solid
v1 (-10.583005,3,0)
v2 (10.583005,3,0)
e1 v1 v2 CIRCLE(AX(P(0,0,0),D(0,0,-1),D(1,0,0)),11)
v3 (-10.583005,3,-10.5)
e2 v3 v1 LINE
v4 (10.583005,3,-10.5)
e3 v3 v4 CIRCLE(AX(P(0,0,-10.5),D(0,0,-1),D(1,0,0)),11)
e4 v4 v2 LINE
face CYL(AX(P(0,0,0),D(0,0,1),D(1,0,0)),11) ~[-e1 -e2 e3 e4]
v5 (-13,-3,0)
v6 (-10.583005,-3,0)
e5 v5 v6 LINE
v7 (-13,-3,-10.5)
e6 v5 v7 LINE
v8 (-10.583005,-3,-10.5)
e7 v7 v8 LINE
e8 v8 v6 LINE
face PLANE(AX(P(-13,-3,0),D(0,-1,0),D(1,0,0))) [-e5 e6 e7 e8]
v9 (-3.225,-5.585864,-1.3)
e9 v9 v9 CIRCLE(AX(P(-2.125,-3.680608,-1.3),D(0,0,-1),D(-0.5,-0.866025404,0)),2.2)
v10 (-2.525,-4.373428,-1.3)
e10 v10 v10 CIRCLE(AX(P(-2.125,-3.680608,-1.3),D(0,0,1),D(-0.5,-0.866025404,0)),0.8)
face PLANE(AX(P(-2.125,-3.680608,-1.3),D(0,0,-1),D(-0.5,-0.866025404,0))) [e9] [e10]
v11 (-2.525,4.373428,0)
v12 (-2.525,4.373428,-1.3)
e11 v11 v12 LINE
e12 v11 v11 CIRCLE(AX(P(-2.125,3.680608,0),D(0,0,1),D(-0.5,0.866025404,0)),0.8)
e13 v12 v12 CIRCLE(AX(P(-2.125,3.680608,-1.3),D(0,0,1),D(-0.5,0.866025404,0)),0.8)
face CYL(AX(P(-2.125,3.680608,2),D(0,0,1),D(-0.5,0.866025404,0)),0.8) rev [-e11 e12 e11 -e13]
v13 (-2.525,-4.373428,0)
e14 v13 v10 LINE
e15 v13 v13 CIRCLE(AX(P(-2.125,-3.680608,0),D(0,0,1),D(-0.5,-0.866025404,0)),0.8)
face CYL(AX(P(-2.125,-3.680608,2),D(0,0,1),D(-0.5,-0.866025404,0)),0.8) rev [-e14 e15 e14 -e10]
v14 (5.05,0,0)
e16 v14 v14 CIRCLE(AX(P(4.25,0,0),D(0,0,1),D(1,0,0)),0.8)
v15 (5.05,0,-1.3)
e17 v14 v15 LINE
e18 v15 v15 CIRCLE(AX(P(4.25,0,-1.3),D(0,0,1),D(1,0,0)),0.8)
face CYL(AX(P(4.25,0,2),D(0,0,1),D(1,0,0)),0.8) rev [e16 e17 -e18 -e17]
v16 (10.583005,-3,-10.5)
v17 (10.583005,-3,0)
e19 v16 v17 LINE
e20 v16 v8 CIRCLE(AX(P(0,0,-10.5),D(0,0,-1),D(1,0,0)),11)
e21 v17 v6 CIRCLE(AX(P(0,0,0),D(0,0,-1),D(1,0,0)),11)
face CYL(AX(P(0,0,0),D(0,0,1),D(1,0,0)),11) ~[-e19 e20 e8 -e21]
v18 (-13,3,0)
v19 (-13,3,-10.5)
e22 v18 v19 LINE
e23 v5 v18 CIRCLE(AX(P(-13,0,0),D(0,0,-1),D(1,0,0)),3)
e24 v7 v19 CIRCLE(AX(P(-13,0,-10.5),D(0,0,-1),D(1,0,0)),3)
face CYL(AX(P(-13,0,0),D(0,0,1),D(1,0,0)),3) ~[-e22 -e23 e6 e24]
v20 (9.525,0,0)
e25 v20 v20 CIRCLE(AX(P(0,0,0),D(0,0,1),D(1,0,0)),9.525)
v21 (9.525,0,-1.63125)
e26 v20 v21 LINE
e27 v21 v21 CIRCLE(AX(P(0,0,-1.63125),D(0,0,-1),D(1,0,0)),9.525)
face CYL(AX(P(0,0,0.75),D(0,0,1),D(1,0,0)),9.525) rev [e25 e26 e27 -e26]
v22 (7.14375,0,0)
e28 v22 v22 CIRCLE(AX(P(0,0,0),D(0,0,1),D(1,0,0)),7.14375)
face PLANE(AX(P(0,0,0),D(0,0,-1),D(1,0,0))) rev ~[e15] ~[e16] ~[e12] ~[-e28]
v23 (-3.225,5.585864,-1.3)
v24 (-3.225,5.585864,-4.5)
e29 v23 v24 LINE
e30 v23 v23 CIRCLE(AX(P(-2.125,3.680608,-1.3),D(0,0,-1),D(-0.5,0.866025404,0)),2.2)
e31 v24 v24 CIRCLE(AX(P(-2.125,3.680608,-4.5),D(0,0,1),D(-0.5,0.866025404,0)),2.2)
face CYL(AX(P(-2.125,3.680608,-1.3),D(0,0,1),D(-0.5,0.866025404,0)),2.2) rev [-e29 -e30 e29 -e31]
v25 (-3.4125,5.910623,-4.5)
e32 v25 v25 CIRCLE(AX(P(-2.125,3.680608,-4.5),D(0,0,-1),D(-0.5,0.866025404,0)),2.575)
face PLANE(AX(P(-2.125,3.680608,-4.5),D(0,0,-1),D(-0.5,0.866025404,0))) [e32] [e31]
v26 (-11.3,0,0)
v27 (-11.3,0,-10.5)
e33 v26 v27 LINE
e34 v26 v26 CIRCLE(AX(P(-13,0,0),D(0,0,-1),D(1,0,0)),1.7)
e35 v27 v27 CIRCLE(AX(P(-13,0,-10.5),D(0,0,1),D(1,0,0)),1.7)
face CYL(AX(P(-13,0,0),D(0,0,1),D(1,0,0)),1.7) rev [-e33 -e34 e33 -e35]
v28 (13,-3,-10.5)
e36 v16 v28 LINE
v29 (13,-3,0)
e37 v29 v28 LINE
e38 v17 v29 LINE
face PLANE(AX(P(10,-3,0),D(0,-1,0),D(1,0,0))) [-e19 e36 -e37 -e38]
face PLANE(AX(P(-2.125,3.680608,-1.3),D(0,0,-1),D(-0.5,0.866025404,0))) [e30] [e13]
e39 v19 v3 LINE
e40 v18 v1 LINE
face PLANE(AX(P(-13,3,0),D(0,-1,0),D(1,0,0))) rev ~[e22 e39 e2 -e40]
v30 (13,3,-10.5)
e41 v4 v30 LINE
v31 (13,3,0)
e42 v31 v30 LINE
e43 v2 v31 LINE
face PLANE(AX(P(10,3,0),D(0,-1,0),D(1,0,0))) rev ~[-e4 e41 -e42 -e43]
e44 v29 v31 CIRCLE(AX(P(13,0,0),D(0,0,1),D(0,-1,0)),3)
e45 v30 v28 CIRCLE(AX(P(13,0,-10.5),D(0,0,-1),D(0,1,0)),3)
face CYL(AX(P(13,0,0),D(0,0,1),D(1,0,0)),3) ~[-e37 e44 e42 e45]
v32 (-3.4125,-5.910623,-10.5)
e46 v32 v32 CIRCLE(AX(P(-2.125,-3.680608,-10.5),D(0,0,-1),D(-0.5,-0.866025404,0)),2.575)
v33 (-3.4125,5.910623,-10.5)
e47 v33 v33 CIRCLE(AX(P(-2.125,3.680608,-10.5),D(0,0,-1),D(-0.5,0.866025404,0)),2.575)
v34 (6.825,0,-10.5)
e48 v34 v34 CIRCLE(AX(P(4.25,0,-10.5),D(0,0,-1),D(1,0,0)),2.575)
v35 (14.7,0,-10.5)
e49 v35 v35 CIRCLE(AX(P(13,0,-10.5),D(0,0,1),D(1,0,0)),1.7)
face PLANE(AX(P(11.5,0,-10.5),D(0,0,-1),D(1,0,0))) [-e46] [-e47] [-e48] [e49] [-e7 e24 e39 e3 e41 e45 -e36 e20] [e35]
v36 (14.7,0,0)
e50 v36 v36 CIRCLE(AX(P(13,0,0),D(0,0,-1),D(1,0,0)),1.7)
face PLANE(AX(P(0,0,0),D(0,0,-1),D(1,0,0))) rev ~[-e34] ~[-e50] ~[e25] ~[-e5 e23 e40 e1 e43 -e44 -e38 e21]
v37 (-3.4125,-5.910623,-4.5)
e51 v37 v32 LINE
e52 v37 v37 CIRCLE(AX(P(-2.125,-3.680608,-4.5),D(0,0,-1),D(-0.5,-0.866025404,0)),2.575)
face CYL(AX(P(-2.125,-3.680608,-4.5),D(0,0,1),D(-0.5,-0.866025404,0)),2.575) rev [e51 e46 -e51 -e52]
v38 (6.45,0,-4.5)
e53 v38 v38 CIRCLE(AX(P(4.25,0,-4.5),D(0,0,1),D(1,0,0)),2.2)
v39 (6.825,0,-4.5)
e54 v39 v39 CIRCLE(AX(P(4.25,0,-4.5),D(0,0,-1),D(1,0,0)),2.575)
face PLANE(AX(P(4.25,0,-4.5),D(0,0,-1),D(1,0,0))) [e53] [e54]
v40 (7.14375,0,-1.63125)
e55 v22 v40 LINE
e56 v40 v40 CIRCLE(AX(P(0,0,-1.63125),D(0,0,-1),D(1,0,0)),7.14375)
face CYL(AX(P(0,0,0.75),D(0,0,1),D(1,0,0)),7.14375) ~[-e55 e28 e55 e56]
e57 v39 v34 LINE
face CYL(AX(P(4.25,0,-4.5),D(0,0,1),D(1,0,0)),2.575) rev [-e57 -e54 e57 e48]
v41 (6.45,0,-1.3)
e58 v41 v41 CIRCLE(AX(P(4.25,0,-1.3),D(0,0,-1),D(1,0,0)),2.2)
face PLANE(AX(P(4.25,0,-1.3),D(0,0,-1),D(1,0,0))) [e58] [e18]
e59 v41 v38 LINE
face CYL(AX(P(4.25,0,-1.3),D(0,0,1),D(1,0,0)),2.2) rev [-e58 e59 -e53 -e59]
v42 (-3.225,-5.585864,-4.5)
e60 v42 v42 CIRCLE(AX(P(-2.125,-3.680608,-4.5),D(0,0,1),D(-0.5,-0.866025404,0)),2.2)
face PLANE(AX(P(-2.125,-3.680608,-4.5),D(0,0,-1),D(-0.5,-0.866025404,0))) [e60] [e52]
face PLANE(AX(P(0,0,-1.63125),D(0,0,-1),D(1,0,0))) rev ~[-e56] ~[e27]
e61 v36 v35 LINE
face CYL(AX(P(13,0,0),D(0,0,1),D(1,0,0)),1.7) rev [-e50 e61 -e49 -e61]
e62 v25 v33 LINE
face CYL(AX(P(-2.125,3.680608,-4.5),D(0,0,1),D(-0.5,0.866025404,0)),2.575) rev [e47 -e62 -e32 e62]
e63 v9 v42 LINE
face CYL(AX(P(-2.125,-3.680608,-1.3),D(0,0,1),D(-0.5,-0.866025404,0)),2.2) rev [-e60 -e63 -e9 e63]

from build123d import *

# Parameters (mm, degrees)
CYLINDER150_R       = 1.7
CYLINDER150_DEPTH   = 11
CYLINDER154_R       = 7.14375
CYLINDER154_DEPTH   = 2.38125
CYLINDER155_R       = 9.525
CYLINDER155_DEPTH   = 2.38125
CYLINDER157_R       = 2.2
CYLINDER157_DEPTH   = 9
CYLINDER156_R       = 0.8
CYLINDER156_DEPTH   = 5
CYLINDER147_R       = 2.575
CYLINDER147_DEPTH   = 6
ARRAY_COUNT         = 3
CYLINDER151_R       = 1.7
CYLINDER151_DEPTH   = 11
BOX001_W            = 3
BOX001_H            = 6
BOX001_DEPTH        = 10.5
BOX_W               = 3
BOX_H               = 6
BOX_DEPTH           = 10.5
CYLINDER_R          = 3
CYLINDER_DEPTH      = 10.5
CYLINDER153_R       = 11
CYLINDER153_DEPTH   = 10.5
CYLINDER158_R       = 3
CYLINDER158_DEPTH   = 10.5
CUT_PLACEMENT_ANGLE = 180


with BuildPart() as wirefeedsmount1:
    # Cylinder150 → Cylinder150 (new body)
    with BuildSketch(Plane(origin=(-13, 0, 0), x_dir=(1, 0, 0), z_dir=(0, 0, 1))):
        Circle(CYLINDER150_R)
    extrude(amount=CYLINDER150_DEPTH)


with BuildPart() as cylinder008:
    # Cylinder154 → Cylinder154 (new body)
    with BuildSketch(Plane.XY):
        Circle(CYLINDER154_R)
    extrude(amount=CYLINDER154_DEPTH)


with BuildPart() as oring:
    # Cylinder155 → Cylinder155 (new body)
    with BuildSketch(Plane.XY):
        Circle(CYLINDER155_R)
    extrude(amount=CYLINDER155_DEPTH)

    # Cut019: cut Cylinder008
    add(cylinder008.part, mode=Mode.SUBTRACT)


with BuildPart() as oring_1:
    # Cut019 placement: moved
    add(oring.part.moved(Location((0, 0, -0.75))))


with BuildPart() as sealsubtraction:
    # Cylinder157 → Cylinder157 (new body)
    with BuildSketch(Plane.XY.offset(1.3)):
        Circle(CYLINDER157_R)
    extrude(amount=CYLINDER157_DEPTH)


with BuildPart() as bottomwireoutlet:
    # Cylinder156 → Cylinder156 (new body)
    with BuildSketch(Plane.XY.offset(-2)):
        Circle(CYLINDER156_R)
    extrude(amount=CYLINDER156_DEPTH)


with BuildPart() as sealarray:
    # Cylinder147 → Cylinder147 (new body)
    with BuildSketch(Plane.XY.offset(4.5)):
        Circle(CYLINDER147_R)
    extrude(amount=CYLINDER147_DEPTH)

    # Fusion: union SealSubtraction, BottomWireOutlet
    add(sealsubtraction.part)
    add(bottomwireoutlet.part)


with BuildPart() as sealarray_1:
    # Fusion placement: moved
    add(sealarray.part.moved(Location((4.25, 0, 0))))

    # Array: SealArray ×3 about axis
    array_axis = Axis((0, 0, 0), (0, 0, 1))


with BuildPart() as sealarray_2:
    add(sealarray_1.part)
    for i in range(1, ARRAY_COUNT):
        add(sealarray_1.part.rotate(array_axis, i * 360 / ARRAY_COUNT))


with BuildPart() as fusion002:
    # Cylinder151 → Cylinder151 (new body)
    with BuildSketch(Plane(origin=(13, 0, 0), x_dir=(1, 0, 0), z_dir=(0, 0, 1))):
        Circle(CYLINDER151_R)
    extrude(amount=CYLINDER151_DEPTH)

    # Fusion002: union WireFeedsMount1, Oring, SealArray
    add(wirefeedsmount1.part)
    add(oring_1.part)
    add(sealarray_2.part)


with BuildPart() as mountcube002:
    # Box001 → Box001 (new body)
    with BuildSketch(Plane(origin=(10, -3, 0), x_dir=(1, 0, 0), z_dir=(0, 0, 1))):
        with Locations((1.5, 3)):
            Rectangle(BOX001_W, BOX001_H)
    extrude(amount=BOX001_DEPTH)


with BuildPart() as mountcube1:
    # Box → Box (new body)
    with BuildSketch(Plane(origin=(-13, -3, 0), x_dir=(1, 0, 0), z_dir=(0, 0, 1))):
        with Locations((1.5, 3)):
            Rectangle(BOX_W, BOX_H)
    extrude(amount=BOX_DEPTH)


with BuildPart() as mountflange1:
    # Cylinder → Cylinder (new body)
    with BuildSketch(Plane(origin=(-13, 0, 0), x_dir=(1, 0, 0), z_dir=(0, 0, 1))):
        Circle(CYLINDER_R)
    extrude(amount=CYLINDER_DEPTH)


with BuildPart() as body:
    # Cylinder153 → Cylinder153 (new body)
    with BuildSketch(Plane.XY):
        Circle(CYLINDER153_R)
    extrude(amount=CYLINDER153_DEPTH)


with BuildPart() as cut:
    # Cylinder158 → Cylinder158 (new body)
    with BuildSketch(Plane(origin=(13, 0, 0), x_dir=(1, 0, 0), z_dir=(0, 0, 1))):
        Circle(CYLINDER158_R)
    extrude(amount=CYLINDER158_DEPTH)

    # Fusion001: union MountCube002, MountCube1, MountFlange1, Body
    add(mountcube002.part)
    add(mountcube1.part)
    add(mountflange1.part)
    add(body.part)

    # Cut: cut Fusion002
    add(fusion002.part, mode=Mode.SUBTRACT)


with BuildPart() as cut_1:
    # Cut placement: moved
    add(cut.part.rotate(Axis((0, 0, 0), (1, 0, 0)), CUT_PLACEMENT_ANGLE))


solid = cut_1.part
